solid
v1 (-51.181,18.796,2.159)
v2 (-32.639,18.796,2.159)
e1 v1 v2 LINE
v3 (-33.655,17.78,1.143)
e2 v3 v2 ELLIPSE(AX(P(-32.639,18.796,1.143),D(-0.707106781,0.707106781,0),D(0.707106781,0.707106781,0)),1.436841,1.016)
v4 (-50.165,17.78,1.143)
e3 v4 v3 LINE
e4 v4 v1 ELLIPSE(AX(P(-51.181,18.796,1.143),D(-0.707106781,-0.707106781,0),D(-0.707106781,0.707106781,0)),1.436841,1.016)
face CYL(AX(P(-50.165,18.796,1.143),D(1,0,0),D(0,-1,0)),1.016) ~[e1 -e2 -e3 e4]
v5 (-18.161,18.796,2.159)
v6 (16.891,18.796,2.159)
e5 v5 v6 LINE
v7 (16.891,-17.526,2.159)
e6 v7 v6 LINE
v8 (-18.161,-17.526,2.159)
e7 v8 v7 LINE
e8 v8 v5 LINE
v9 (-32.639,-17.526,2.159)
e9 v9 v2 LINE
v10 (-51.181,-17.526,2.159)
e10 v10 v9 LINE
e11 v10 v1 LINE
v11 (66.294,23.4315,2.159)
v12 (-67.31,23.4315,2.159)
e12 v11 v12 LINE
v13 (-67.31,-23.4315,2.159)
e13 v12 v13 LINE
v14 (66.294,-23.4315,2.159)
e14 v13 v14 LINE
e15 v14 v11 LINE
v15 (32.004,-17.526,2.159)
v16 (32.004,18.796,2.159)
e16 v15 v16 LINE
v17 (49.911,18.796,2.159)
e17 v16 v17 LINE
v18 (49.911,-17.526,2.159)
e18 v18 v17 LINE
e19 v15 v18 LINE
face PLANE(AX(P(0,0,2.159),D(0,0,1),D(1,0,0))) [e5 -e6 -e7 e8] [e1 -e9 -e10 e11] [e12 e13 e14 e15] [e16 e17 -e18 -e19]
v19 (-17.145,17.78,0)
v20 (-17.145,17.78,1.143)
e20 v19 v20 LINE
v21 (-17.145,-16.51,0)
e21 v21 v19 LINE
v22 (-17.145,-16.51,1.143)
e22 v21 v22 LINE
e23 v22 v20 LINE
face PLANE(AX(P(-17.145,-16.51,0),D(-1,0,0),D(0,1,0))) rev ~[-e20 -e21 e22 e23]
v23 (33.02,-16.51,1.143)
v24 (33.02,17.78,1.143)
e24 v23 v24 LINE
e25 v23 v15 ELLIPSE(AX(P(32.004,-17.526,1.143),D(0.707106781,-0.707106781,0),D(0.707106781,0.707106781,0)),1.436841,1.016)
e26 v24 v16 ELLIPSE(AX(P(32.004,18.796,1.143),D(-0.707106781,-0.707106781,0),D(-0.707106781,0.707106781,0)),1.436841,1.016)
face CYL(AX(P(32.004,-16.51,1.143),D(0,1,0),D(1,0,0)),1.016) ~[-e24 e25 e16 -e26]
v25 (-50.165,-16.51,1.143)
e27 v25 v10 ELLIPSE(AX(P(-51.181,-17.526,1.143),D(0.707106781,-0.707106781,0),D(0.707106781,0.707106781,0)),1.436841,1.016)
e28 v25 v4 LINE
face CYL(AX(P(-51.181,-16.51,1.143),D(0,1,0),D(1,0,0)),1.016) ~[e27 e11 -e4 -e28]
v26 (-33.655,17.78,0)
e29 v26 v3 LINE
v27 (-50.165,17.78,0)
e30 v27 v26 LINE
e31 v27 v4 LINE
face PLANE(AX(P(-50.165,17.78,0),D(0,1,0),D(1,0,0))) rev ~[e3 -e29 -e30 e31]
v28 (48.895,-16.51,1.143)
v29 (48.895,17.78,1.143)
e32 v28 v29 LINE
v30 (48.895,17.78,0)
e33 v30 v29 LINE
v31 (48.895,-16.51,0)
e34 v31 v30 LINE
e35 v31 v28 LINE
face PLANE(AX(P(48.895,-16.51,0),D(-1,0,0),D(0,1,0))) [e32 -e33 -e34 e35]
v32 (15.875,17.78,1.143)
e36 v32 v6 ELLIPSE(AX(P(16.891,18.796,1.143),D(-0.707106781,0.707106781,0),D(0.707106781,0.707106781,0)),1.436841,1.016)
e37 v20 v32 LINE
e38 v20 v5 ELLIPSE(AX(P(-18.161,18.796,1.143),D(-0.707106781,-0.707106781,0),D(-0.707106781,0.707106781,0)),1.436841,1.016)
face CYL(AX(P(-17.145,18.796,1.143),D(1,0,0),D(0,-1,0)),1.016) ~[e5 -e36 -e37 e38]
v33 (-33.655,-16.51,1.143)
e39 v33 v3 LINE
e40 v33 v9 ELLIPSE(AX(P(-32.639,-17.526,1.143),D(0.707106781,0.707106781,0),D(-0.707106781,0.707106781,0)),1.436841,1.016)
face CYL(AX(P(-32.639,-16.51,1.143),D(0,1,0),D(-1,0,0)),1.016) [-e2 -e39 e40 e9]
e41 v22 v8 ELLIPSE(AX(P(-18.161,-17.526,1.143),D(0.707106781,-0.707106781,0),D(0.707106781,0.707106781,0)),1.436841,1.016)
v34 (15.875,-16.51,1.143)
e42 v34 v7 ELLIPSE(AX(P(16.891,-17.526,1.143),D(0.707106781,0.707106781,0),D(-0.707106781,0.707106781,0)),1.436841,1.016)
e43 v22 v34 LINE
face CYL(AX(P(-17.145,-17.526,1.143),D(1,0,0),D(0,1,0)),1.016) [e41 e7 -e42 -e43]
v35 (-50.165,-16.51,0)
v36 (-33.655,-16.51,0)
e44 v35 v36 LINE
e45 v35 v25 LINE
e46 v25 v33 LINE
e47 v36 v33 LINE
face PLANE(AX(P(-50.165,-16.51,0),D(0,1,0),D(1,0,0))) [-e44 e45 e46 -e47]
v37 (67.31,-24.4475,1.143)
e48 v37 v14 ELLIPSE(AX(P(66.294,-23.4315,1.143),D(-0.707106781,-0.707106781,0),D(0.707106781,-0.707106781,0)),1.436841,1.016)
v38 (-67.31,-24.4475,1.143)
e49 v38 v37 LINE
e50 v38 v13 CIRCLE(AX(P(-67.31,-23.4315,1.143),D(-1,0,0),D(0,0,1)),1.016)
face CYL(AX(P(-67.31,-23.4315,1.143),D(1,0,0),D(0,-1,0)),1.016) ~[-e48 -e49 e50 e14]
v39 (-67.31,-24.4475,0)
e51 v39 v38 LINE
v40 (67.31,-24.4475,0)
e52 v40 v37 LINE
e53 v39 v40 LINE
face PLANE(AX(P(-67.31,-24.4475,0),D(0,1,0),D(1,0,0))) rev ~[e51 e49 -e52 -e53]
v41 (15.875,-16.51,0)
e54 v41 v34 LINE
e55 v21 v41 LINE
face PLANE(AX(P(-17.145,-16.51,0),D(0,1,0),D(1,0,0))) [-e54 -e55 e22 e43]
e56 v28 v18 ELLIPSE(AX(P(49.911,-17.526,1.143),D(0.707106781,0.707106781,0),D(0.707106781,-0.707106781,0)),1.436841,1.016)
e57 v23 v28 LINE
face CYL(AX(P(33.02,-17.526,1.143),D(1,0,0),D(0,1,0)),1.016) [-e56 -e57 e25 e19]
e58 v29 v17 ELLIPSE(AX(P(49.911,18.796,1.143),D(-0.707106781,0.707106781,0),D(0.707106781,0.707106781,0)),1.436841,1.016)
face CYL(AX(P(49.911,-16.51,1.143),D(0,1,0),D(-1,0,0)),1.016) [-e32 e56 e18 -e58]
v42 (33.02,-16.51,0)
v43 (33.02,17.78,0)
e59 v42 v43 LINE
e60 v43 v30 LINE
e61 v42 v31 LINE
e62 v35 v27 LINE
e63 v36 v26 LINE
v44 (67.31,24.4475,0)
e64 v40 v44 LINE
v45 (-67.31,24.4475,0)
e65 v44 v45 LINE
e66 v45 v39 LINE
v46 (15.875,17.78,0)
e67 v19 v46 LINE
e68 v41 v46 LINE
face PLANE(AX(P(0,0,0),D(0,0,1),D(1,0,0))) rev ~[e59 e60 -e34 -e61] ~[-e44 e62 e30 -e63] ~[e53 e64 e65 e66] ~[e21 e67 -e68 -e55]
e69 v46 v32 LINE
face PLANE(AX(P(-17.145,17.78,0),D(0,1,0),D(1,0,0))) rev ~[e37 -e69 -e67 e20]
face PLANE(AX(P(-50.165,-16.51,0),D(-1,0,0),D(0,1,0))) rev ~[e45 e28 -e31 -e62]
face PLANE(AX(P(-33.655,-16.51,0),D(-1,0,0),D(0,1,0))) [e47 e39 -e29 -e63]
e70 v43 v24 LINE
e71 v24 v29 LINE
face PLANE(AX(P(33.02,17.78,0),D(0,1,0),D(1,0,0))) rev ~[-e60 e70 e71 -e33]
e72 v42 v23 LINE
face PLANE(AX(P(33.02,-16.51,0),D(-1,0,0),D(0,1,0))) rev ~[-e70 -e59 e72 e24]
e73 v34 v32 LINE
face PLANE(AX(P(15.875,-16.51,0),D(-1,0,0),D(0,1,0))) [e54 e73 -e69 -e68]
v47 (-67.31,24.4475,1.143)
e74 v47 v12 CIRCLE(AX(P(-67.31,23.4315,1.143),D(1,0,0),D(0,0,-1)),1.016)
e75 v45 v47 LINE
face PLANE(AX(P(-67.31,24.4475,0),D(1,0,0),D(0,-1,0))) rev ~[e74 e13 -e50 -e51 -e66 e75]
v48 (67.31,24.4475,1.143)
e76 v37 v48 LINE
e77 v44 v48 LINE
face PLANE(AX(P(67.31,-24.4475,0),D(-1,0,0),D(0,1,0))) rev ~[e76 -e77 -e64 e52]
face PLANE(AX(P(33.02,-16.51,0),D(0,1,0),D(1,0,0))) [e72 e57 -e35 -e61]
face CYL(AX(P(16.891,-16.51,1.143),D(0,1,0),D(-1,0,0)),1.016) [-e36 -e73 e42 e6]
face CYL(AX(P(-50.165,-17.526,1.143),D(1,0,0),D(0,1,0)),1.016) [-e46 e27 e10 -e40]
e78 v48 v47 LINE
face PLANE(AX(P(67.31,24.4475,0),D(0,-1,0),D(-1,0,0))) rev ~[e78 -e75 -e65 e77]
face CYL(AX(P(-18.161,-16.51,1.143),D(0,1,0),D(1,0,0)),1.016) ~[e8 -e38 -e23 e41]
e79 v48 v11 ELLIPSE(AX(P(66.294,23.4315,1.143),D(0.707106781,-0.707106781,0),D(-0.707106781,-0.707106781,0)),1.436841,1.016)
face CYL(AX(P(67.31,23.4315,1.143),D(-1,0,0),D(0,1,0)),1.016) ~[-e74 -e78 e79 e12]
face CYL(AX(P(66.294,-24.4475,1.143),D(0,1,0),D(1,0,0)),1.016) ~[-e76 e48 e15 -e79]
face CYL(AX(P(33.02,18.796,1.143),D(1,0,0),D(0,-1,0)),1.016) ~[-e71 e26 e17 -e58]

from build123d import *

# Parameters (mm, degrees)
F0_W     = 16.51
F0_H     = 34.29
F0_W_2   = 33.02
F0_W_3   = 15.875
F1_DEPTH = 2.159
F2_R     = 1.016


with BuildPart() as f1:
    # F0 (on Top) → F1 (new body)
    with BuildSketch(Plane.XY):
        Polygon((-67.31, -10.4775), (-67.31, -24.4475), (-33.655, -24.4475), (0, -24.4475), (33.02, -24.4475), (67.31, -24.4475), (67.31, 0), (67.31, 24.4475), (33.02, 24.4475), (0, 24.4475), (-33.655, 24.4475), (-67.31, 24.4475), (-67.31, 10.4775), align=None)
        with Locations((-41.91, 0.635)):
            Rectangle(F0_W, F0_H, mode=Mode.SUBTRACT)
        with Locations((-0.635, 0.635)):
            Rectangle(F0_W_2, F0_H, mode=Mode.SUBTRACT)
        with Locations((40.9575, 0.635)):
            Rectangle(F0_W_3, F0_H, mode=Mode.SUBTRACT)
    extrude(amount=F1_DEPTH)

    # F2
    f2_edges = [f1.edges().sort_by_distance(p)[0] for p in [
        (15.875, 0.635, 2.159),
        (-33.655, 0.635, 2.159),
        (-17.145, 0.635, 2.159),
        (-50.165, 0.635, 2.159),
        (-41.91, 17.78, 2.159),
        (-0.635, 17.78, 2.159),
        (-0.635, -16.51, 2.159),
        (-41.91, -16.51, 2.159),
        (40.9575, -16.51, 2.159),
        (33.02, 0.635, 2.159),
        (40.9575, 17.78, 2.159),
        (48.895, 0.635, 2.159),
        (0, -24.4475, 2.159),
        (0, 24.4475, 2.159),
        (67.31, 0, 2.159),
    ]]
    fillet(f2_edges, radius=F2_R)


solid = f1.part
